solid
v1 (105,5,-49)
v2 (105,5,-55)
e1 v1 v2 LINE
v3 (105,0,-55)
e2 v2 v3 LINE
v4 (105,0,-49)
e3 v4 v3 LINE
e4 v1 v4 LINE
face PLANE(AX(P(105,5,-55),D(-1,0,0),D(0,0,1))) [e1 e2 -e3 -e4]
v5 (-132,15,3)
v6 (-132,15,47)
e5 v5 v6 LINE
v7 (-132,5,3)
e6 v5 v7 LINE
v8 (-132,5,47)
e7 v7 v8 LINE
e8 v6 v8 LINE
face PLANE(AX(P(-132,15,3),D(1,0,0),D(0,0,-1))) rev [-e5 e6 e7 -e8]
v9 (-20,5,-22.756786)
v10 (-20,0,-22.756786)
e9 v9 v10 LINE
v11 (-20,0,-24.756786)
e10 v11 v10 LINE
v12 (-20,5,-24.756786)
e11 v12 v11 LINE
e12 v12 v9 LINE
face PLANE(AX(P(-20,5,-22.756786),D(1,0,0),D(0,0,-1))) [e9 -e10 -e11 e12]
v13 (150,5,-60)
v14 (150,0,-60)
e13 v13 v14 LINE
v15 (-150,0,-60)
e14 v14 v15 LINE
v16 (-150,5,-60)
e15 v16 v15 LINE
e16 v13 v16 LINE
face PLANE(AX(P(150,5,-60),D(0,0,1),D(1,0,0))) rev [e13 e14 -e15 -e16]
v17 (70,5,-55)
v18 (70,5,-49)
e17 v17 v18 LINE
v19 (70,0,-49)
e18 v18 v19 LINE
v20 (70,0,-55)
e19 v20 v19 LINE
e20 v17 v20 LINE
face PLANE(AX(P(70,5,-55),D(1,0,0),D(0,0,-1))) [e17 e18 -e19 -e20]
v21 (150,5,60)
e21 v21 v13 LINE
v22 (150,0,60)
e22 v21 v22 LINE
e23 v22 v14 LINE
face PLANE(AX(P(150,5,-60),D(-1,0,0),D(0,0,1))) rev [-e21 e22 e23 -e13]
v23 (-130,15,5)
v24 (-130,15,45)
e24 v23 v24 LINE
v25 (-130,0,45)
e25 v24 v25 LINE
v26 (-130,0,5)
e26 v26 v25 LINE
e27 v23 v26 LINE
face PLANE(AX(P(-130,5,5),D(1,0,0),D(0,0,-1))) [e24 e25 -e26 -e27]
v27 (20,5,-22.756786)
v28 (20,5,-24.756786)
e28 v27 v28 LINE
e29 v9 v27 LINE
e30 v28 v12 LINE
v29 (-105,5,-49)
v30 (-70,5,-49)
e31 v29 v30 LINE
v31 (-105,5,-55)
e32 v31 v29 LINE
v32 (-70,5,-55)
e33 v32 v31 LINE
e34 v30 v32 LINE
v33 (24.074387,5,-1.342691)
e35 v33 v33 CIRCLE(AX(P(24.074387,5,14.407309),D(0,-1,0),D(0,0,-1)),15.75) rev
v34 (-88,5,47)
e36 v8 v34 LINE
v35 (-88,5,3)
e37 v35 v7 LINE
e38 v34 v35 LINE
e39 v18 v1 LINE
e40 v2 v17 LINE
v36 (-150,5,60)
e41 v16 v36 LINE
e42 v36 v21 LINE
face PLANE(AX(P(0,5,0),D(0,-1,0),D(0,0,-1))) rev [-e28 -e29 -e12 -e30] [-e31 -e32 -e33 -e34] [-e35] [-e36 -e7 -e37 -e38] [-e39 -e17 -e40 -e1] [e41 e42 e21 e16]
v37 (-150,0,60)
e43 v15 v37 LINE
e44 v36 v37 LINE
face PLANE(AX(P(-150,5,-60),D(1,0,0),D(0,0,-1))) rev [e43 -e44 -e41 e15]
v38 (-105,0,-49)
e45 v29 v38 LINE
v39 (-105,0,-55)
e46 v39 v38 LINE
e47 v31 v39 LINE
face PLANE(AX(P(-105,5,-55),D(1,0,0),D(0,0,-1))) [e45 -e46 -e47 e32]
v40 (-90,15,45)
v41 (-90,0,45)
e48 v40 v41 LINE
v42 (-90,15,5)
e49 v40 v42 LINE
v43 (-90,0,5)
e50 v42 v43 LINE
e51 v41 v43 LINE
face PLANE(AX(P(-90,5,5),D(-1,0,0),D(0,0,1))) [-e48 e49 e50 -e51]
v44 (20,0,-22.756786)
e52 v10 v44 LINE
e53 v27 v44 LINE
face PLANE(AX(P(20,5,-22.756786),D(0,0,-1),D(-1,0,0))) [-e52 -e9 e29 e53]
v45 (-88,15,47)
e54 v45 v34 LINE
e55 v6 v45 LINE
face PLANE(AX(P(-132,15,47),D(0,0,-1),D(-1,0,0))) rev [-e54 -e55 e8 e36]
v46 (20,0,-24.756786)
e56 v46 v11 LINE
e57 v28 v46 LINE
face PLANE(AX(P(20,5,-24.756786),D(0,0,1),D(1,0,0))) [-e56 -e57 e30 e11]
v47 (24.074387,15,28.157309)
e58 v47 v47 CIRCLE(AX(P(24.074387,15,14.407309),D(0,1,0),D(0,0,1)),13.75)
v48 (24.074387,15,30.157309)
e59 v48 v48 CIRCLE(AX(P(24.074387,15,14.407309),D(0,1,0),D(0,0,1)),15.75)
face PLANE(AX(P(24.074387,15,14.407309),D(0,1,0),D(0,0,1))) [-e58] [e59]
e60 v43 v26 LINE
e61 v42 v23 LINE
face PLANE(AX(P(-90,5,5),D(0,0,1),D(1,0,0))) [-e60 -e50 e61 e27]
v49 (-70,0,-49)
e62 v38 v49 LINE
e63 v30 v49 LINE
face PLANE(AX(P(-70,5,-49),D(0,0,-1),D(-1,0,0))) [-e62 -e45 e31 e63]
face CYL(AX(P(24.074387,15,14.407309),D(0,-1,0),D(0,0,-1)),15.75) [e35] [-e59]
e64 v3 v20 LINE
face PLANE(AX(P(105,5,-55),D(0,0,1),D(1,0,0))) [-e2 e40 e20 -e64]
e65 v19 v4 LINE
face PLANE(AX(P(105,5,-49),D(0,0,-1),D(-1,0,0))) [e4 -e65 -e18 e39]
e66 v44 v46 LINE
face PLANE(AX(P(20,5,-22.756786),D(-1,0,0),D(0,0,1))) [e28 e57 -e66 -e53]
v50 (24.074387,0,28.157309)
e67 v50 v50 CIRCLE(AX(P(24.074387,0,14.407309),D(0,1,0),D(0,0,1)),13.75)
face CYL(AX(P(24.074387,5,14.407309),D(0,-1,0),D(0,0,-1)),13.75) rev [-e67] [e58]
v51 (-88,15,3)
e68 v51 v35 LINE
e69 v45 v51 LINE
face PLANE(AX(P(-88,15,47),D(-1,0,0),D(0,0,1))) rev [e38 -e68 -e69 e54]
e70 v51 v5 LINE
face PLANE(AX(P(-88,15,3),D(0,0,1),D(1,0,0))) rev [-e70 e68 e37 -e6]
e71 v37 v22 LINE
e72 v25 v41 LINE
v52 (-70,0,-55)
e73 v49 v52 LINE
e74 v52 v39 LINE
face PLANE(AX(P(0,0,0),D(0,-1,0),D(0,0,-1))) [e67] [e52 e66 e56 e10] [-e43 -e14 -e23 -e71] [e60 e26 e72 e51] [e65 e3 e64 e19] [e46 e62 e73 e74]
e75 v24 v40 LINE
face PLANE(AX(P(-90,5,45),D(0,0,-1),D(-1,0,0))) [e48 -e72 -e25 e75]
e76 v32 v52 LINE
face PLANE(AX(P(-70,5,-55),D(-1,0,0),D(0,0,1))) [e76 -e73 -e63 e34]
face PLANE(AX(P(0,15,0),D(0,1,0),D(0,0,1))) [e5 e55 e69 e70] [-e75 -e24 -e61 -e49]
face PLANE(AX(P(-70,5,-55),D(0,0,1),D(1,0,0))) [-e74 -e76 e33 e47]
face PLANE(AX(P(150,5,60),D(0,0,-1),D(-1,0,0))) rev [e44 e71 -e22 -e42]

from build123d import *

# Parameters (mm, degrees)
SKETCH1_W           = 300
SKETCH1_H           = 120
SKETCH1_R           = 13.75
SKETCH1_W_2         = 35
SKETCH1_H_2         = 6
SKETCH1_W_3         = 40
SKETCH1_H_3         = 40
SKETCH1_H_4         = 2
BOSS_EXTRUDE1_DEPTH = 5
SKETCH3_R           = 15.75
SKETCH3_R_2         = 13.75
SKETCH3_W           = 44
SKETCH3_H           = 44
SKETCH3_W_2         = 40
SKETCH3_H_2         = 40
BOSS_EXTRUDE5_DEPTH = 10


with BuildPart() as part:
    # Sketch1 → Boss-Extrude1 (new body)
    with BuildSketch(Plane(origin=(0, 0, 0), x_dir=(1, 0, 0), z_dir=(0, 1, 0))):
        Rectangle(SKETCH1_W, SKETCH1_H)
        with Locations(Location((24.074387053, -14.407309066, 0), (0, 0, 270))):
            Circle(SKETCH1_R, mode=Mode.SUBTRACT)
        with Locations((-87.5, 52)):
            Rectangle(SKETCH1_W_2, SKETCH1_H_2, mode=Mode.SUBTRACT)
        with Locations((87.5, 52)):
            Rectangle(SKETCH1_W_2, SKETCH1_H_2, mode=Mode.SUBTRACT)
        with Locations((-110, -25)):
            Rectangle(SKETCH1_W_3, SKETCH1_H_3, mode=Mode.SUBTRACT)
        with Locations((0, 23.756786453)):
            Rectangle(SKETCH1_W_3, SKETCH1_H_4, mode=Mode.SUBTRACT)
    extrude(amount=BOSS_EXTRUDE1_DEPTH)

    # Sketch3 → Boss-Extrude5 (add)
    # profile 1 of 2: a face of its own
    with BuildSketch(Plane(origin=(0, 5, 0), x_dir=(1, 0, 0), z_dir=(0, 1, 0))):
        with Locations(Location((24.074387053, -14.407309066, 0), (0, 0, 90))):
            Circle(SKETCH3_R)
        with Locations(Location((24.074387053, -14.407309066, 0), (0, 0, 270))):
            Circle(SKETCH3_R_2, mode=Mode.SUBTRACT)
    # profile 2 of 2: a face of its own
    with BuildSketch(Plane(origin=(0, 5, 0), x_dir=(1, 0, 0), z_dir=(0, 1, 0))):
        with Locations((-110, -25)):
            Rectangle(SKETCH3_W, SKETCH3_H)
        with Locations((-110, -25)):
            Rectangle(SKETCH3_W_2, SKETCH3_H_2, mode=Mode.SUBTRACT)
    extrude(amount=BOSS_EXTRUDE5_DEPTH)


solid = part.part
